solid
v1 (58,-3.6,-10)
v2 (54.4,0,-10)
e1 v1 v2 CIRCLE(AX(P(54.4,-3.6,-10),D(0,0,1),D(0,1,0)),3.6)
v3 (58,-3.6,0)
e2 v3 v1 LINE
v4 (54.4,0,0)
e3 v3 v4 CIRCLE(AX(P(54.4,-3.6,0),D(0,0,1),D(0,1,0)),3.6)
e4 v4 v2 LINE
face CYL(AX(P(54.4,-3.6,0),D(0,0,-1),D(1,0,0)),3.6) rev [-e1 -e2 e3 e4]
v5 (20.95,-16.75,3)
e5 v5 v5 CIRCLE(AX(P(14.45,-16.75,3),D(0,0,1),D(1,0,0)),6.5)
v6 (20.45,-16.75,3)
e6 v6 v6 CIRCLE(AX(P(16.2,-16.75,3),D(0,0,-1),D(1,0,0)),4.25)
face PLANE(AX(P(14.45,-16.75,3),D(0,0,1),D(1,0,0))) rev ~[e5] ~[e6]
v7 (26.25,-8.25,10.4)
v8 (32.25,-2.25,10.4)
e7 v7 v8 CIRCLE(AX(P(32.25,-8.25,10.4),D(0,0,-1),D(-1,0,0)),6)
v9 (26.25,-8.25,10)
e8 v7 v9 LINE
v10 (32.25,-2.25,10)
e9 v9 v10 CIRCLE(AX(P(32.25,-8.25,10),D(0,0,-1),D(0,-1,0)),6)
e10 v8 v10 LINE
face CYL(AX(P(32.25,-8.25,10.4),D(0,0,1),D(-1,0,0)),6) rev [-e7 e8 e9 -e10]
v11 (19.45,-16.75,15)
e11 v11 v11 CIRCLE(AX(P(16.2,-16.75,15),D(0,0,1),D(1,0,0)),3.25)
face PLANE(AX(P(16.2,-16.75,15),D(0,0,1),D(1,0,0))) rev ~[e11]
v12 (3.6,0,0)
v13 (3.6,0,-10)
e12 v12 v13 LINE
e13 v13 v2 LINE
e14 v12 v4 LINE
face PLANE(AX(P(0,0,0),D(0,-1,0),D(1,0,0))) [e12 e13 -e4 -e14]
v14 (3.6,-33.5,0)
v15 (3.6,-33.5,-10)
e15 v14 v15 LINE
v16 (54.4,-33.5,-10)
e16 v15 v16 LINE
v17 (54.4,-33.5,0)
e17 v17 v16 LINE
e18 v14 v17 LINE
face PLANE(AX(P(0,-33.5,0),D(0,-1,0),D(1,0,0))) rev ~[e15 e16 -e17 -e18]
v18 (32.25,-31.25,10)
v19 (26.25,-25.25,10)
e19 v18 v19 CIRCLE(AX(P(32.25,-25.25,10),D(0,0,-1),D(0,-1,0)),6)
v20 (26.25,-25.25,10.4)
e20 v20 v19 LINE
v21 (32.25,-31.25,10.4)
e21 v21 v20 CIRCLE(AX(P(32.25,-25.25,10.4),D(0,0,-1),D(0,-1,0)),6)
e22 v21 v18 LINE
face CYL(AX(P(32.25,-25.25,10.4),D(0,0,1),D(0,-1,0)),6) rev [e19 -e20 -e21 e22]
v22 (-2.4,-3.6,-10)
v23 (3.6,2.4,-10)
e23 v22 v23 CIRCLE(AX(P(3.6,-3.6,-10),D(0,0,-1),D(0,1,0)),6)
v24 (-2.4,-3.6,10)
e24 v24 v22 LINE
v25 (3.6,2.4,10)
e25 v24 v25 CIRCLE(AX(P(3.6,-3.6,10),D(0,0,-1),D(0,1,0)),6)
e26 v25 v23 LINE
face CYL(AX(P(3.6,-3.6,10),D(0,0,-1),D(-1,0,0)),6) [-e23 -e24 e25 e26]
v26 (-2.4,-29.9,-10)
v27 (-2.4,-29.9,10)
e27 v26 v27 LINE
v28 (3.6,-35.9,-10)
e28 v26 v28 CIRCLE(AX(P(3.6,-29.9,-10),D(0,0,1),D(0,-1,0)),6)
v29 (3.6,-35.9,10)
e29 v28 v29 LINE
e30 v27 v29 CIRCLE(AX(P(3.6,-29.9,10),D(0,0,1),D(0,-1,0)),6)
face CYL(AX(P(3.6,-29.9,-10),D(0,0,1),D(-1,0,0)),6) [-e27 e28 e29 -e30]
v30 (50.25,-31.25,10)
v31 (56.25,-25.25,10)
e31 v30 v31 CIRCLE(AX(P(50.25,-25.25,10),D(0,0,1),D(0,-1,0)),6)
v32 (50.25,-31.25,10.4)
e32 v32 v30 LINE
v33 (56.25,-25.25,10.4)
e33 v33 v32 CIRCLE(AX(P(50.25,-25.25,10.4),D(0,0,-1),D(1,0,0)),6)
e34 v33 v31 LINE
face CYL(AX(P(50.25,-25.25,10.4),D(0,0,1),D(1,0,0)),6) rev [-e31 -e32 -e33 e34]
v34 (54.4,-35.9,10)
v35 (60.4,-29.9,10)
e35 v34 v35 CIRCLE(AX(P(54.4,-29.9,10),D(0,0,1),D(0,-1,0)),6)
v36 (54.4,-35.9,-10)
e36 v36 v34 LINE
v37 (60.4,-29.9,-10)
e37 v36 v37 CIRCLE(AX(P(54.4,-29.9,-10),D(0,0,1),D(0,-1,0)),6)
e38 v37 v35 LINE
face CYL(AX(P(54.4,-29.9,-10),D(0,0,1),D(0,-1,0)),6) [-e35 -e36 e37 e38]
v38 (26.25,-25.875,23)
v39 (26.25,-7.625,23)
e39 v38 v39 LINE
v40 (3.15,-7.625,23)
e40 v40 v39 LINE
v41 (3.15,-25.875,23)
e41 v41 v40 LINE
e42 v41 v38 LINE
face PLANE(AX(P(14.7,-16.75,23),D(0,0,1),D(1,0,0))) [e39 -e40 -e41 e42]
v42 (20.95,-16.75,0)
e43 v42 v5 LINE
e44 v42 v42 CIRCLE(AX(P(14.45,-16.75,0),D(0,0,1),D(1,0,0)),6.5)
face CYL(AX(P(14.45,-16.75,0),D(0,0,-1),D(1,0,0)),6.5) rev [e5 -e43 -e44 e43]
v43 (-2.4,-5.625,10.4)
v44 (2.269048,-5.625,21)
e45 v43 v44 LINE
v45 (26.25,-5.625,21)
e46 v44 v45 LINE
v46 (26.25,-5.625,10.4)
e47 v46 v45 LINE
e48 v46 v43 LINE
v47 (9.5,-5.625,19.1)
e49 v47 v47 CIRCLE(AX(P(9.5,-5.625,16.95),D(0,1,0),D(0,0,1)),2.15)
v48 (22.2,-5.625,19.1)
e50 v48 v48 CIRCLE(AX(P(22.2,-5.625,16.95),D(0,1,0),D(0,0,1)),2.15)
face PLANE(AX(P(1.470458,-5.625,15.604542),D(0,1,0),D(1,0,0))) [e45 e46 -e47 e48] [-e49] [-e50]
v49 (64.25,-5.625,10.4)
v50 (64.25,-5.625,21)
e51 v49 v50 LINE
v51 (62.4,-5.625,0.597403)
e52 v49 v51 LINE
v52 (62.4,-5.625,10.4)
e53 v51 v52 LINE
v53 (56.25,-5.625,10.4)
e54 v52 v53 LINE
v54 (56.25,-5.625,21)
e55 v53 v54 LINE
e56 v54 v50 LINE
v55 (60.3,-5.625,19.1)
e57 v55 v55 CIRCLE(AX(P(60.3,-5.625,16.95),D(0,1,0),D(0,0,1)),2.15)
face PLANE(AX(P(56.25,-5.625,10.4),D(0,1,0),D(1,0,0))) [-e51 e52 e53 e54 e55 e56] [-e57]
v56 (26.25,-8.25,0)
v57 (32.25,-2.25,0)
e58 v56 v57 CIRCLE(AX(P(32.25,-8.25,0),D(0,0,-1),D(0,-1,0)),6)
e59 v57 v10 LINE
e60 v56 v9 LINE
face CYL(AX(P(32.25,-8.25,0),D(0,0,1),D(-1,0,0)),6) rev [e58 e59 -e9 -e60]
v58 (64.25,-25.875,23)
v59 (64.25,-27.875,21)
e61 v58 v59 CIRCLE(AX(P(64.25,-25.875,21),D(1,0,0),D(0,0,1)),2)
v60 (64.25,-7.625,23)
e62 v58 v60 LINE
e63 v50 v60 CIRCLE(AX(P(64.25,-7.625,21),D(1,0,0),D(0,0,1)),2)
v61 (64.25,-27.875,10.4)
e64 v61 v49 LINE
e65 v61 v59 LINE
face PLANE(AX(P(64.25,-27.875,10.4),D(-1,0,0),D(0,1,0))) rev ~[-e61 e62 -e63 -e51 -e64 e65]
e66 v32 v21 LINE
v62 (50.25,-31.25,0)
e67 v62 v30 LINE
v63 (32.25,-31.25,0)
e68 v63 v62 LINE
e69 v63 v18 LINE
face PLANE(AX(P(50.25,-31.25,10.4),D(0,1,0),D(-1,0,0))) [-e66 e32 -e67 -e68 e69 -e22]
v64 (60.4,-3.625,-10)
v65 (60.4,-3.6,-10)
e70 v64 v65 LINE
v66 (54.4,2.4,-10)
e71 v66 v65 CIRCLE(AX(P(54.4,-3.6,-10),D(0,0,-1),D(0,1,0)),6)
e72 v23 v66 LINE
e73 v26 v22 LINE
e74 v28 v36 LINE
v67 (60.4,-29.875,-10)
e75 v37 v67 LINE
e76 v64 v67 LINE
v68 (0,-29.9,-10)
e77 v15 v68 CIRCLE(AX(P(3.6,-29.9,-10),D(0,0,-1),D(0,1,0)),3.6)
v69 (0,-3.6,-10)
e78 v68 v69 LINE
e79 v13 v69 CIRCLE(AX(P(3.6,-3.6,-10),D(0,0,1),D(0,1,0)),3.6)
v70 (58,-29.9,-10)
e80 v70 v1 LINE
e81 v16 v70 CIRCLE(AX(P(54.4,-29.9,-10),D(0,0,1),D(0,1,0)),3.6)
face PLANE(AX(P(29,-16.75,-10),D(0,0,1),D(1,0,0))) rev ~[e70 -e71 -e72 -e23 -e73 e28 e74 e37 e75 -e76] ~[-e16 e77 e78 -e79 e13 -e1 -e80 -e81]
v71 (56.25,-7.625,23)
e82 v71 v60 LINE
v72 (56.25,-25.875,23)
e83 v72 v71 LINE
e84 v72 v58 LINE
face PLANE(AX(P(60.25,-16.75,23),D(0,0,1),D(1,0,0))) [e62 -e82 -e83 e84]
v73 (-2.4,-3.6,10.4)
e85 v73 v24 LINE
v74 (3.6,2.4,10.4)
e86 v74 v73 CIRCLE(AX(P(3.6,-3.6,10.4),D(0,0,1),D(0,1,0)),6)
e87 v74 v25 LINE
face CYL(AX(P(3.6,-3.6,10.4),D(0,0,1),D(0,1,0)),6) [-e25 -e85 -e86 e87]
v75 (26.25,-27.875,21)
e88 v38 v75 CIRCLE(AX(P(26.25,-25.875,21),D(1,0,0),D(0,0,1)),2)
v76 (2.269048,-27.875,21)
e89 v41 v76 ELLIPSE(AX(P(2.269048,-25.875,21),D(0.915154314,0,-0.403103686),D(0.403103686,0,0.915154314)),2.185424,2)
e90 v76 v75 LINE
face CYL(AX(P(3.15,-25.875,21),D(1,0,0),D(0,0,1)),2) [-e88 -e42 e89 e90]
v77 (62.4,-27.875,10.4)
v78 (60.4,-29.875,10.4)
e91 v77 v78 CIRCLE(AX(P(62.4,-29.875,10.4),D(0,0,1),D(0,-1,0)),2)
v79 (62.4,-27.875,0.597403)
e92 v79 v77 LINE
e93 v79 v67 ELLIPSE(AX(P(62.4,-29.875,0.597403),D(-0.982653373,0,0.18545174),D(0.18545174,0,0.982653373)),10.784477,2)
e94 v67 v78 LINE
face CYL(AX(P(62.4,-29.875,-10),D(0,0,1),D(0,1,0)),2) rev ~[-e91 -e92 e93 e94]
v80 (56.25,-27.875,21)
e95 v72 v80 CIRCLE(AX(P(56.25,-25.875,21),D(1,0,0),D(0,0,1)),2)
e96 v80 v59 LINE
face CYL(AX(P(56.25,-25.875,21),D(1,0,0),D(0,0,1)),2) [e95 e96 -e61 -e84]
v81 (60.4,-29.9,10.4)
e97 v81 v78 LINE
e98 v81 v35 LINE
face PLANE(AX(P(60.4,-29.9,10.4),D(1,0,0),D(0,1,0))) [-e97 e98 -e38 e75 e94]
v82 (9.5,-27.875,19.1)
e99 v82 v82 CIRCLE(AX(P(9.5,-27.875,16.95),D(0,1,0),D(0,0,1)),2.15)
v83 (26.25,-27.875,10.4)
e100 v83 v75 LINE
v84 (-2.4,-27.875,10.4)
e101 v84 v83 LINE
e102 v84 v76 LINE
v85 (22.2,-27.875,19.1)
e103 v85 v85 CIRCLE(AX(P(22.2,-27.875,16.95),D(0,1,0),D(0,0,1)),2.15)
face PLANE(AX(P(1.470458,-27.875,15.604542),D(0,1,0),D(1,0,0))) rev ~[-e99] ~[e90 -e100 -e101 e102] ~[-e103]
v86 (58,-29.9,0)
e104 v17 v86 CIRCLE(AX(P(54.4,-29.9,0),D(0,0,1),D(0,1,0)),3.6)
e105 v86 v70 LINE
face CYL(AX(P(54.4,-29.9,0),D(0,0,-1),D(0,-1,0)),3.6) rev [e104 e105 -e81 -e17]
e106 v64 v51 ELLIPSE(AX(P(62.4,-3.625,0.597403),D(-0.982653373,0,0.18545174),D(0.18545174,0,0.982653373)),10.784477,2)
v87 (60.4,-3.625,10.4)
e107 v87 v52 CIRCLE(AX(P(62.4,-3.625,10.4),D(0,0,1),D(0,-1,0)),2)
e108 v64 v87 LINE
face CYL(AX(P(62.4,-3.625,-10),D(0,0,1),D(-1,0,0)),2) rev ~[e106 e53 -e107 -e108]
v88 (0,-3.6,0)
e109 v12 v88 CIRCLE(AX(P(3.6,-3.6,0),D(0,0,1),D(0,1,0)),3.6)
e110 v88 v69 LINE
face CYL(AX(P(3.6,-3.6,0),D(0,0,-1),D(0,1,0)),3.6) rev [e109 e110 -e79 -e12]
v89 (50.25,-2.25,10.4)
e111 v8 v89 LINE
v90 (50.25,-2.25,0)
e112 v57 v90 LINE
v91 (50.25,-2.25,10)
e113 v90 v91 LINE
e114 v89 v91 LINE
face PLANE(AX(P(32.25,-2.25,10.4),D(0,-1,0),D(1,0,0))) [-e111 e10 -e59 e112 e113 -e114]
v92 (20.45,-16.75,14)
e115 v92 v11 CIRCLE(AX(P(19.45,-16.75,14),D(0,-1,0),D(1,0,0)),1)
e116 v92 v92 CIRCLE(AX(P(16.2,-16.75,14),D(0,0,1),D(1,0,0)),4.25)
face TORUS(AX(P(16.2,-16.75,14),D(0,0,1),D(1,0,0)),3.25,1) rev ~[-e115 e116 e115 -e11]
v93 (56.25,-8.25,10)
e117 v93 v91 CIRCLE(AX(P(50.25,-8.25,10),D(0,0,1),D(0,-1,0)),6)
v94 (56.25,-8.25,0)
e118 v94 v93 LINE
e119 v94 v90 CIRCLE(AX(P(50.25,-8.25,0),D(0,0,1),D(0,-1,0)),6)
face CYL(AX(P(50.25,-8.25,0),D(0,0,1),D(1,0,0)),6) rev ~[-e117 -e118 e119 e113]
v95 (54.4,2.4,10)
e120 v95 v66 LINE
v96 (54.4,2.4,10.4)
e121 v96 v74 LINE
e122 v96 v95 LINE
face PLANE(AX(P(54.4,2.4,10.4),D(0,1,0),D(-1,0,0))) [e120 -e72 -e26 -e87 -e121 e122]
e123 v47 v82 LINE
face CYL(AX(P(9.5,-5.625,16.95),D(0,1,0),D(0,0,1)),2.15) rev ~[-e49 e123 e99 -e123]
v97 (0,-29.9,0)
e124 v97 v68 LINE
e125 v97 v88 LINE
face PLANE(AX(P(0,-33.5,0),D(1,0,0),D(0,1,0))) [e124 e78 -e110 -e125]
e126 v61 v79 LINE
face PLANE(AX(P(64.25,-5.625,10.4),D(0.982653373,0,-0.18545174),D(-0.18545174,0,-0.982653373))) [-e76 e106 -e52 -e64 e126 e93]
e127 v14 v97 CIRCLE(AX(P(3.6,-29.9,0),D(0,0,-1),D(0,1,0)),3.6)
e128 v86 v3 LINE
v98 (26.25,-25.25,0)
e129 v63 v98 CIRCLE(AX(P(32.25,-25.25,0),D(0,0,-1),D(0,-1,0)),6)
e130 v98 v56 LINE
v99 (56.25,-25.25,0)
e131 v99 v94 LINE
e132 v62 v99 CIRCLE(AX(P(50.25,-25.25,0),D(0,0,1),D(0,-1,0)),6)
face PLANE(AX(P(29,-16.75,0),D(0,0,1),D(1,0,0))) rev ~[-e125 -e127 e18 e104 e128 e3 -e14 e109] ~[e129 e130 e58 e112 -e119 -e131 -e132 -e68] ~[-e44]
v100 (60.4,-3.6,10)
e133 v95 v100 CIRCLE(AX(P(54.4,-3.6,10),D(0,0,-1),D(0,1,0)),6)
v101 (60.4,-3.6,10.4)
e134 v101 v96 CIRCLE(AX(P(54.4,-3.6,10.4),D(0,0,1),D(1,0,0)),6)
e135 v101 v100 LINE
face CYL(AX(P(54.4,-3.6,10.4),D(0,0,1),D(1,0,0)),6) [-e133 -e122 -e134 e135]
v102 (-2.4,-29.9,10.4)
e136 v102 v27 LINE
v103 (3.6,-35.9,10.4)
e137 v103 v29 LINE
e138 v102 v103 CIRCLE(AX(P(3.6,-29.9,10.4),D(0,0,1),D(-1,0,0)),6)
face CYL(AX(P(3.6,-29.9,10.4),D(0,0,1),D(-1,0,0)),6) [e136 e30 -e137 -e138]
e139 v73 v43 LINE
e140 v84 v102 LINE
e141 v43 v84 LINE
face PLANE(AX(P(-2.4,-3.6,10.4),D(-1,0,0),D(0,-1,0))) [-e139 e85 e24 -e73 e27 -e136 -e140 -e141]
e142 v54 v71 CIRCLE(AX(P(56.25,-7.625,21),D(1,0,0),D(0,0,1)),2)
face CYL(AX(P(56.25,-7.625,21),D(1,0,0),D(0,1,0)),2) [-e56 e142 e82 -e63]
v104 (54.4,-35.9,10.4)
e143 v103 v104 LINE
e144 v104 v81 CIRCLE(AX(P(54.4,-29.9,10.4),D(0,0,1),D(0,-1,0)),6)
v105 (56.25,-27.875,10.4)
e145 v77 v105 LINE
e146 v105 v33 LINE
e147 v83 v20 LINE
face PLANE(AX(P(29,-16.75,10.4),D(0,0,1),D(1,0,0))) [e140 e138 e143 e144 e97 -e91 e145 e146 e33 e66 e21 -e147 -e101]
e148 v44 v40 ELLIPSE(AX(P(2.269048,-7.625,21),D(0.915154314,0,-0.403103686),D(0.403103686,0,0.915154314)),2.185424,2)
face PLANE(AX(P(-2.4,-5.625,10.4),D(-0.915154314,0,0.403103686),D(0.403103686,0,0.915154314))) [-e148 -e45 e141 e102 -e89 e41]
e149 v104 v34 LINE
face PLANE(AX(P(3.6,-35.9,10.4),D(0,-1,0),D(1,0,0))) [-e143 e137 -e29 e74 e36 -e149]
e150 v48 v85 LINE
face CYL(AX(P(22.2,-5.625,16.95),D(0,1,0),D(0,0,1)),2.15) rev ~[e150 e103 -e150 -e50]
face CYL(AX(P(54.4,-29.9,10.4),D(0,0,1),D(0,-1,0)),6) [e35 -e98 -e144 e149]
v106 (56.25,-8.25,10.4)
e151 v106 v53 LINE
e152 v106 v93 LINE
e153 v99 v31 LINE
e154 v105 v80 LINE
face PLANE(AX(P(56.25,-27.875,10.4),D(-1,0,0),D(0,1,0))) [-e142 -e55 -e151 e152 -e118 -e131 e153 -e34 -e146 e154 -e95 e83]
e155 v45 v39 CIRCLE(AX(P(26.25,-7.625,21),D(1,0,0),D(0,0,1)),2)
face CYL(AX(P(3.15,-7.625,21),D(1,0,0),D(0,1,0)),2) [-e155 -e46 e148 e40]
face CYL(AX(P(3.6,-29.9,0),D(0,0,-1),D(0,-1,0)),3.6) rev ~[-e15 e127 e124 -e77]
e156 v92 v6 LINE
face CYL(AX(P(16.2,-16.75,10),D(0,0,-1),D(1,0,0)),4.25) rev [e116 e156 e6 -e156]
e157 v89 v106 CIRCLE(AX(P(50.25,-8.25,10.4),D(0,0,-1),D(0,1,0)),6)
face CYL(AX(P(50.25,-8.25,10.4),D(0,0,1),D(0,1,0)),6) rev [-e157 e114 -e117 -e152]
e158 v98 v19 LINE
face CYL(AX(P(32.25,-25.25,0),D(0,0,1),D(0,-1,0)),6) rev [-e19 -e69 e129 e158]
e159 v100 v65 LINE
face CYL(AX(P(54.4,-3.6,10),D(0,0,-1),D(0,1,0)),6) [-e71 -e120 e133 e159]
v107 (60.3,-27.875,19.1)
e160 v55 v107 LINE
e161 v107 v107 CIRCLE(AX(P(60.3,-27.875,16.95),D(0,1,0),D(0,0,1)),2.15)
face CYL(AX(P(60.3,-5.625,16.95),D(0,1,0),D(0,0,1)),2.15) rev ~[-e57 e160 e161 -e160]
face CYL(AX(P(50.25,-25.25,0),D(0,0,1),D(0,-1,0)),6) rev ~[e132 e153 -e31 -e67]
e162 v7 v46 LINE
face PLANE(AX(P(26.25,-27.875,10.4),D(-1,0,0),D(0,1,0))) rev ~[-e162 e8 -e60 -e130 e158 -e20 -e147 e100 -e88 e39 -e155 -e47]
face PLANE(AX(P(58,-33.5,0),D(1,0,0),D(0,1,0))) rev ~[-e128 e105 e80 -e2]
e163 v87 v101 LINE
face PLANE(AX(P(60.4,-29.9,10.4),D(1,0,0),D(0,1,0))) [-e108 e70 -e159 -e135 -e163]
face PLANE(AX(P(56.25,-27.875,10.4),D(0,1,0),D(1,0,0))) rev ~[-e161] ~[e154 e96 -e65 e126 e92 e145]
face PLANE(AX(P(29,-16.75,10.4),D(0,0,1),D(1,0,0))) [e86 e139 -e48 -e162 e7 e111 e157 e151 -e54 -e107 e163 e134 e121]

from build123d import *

# Parameters (mm, degrees)
SKETCH2_W           = 62.8
SKETCH2_H           = 38.3
SKETCH2_R           = 4.25
SKETCH2_W_2         = 30
SKETCH2_H_2         = 29
BOSS_EXTRUDE1_DEPTH = 10
SKETCH2_3_W         = 62.8
SKETCH2_3_H         = 38.3
SKETCH2_3_W_2       = 58
SKETCH2_3_H_2       = 33.5
BOSS_EXTRUDE2_DEPTH = 10
SKETCH2_4_R         = 6.5
CUT_EXTRUDE1_DEPTH  = 3
FILLET1_R           = 3.6
FILLET2_R           = 6
BOSS_EXTRUDE3_START = 0.4
SKETCH4_R           = 4.25
BOSS_EXTRUDE3_DEPTH = 0.4
SKETCH5_W           = 23.1
SKETCH5_H           = 22.25
SKETCH5_W_2         = 8
BOSS_EXTRUDE4_DEPTH = 12.6
SKETCH6_R           = 2.15
CUT_EXTRUDE2_DEPTH  = 22.25
BOSS_EXTRUDE6_DEPTH = 22.25
FILLET5_R           = 2
FILLET6_R           = 2
SKETCH4_2_R         = 4.25
CUT_EXTRUDE3_DEPTH  = 5
FILLET7_R           = 1


with BuildPart() as part:
    # Sketch2 → Boss-Extrude1 (new body)
    with BuildSketch(Plane.XY):
        with Locations((29, -16.75)):
            Rectangle(SKETCH2_W, SKETCH2_H)
        with Locations((16.2, -16.75)):
            Circle(SKETCH2_R, mode=Mode.SUBTRACT)
        with Locations((41.25, -16.75)):
            Rectangle(SKETCH2_W_2, SKETCH2_H_2, mode=Mode.SUBTRACT)
    extrude(amount=BOSS_EXTRUDE1_DEPTH)

    # Sketch2<3> → Boss-Extrude2 (add)
    with BuildSketch(Plane.XY):
        with Locations((29, -16.75)):
            Rectangle(SKETCH2_3_W, SKETCH2_3_H)
        with Locations((29, -16.75)):
            Rectangle(SKETCH2_3_W_2, SKETCH2_3_H_2, mode=Mode.SUBTRACT)
    extrude(amount=-BOSS_EXTRUDE2_DEPTH)

    # Sketch2<4> → Cut-Extrude1 (cut)
    with BuildSketch(Plane.XY):
        with Locations((14.45, -16.75)):
            Circle(SKETCH2_4_R)
    extrude(amount=CUT_EXTRUDE1_DEPTH, mode=Mode.SUBTRACT)

    # Fillet1
    fillet1_edges = [part.edges().sort_by_distance(p)[0] for p in [
        (58, 0, -5),
        (0, 0, -5),
        (0, -33.5, -5),
        (58, -33.5, -5),
    ]]
    fillet(fillet1_edges, radius=FILLET1_R)

    # Fillet2
    fillet2_edges = [part.edges().sort_by_distance(p)[0] for p in [
        (26.25, -2.25, 5),
        (26.25, -31.25, 5),
        (56.25, -31.25, 5),
        (56.25, -2.25, 5),
        (60.4, -35.9, 0),
        (-2.4, -35.9, 0),
        (-2.4, 2.4, 0),
        (60.4, 2.4, 0),
    ]]
    fillet(fillet2_edges, radius=FILLET2_R)

    # Sketch4 → Boss-Extrude3 (add)
    with BuildSketch(Plane.XY.offset(10).offset(BOSS_EXTRUDE3_START)):
        with BuildLine():
            Line((3.6, -35.9), (54.4, -35.9))
            ThreePointArc((54.4, -35.9), (58.642640687, -34.142640687), (60.4, -29.9))
            Line((60.4, -29.9), (60.4, -3.6))
            ThreePointArc((60.4, -3.6), (58.642640687, 0.642640687), (54.4, 2.4))
            Line((54.4, 2.4), (3.6, 2.4))
            ThreePointArc((3.6, 2.4), (-0.642640687, 0.642640687), (-2.4, -3.6))
            Line((-2.4, -3.6), (-2.4, -29.9))
            ThreePointArc((-2.4, -29.9), (-0.642640687, -34.142640687), (3.6, -35.9))
        make_face()
        with Locations((16.2, -16.75)):
            Circle(SKETCH4_R, mode=Mode.SUBTRACT)
        with BuildLine():
            Line((56.25, -8.25), (56.25, -25.25))
            ThreePointArc((56.25, -25.25), (54.492640687, -29.492640687), (50.25, -31.25))
            Line((50.25, -31.25), (32.25, -31.25))
            ThreePointArc((32.25, -31.25), (28.007359313, -29.492640687), (26.25, -25.25))
            Line((26.25, -25.25), (26.25, -8.25))
            ThreePointArc((26.25, -8.25), (28.007359313, -4.007359313), (32.25, -2.25))
            Line((32.25, -2.25), (50.25, -2.25))
            ThreePointArc((50.25, -2.25), (54.492640687, -4.007359313), (56.25, -8.25))
        make_face(mode=Mode.SUBTRACT)
    extrude(amount=-BOSS_EXTRUDE3_DEPTH)

    # Sketch5 → Boss-Extrude4 (add)
    with BuildSketch(Plane.XY.offset(10.4)):
        with Locations((14.7, -16.75)):
            Rectangle(SKETCH5_W, SKETCH5_H)
        with Locations((60.25, -16.75)):
            Rectangle(SKETCH5_W_2, SKETCH5_H)
    extrude(amount=BOSS_EXTRUDE4_DEPTH)

    # Sketch6 → Cut-Extrude2 (cut)
    with BuildSketch(Plane(origin=(0, -5.625, 0), x_dir=(1, 0, 0), z_dir=(0, 1, 0))):
        with Locations(Location((9.5, -16.95, 0), (0, 0, 270))):
            Circle(SKETCH6_R)
        with Locations(Location((22.2, -16.95, 0), (0, 0, 270))):
            Circle(SKETCH6_R)
        with Locations(Location((60.3, -16.95, 0), (0, 0, 270))):
            Circle(SKETCH6_R)
    extrude(amount=-CUT_EXTRUDE2_DEPTH, mode=Mode.SUBTRACT)

    # Sketch7 → Boss-Extrude6 (add)
    with BuildSketch(Plane(origin=(0, -5.625, 0), x_dir=(1, 0, 0), z_dir=(0, 1, 0))):
        Polygon((-2.4, -10.4), (3.15, -23), (3.15, -10.4), align=None)
        Polygon((60.4, -10.4), (64.25, -10.4), (60.4, 10), align=None)
    extrude(amount=-BOSS_EXTRUDE6_DEPTH)

    # Fillet5
    fillet5_edges = [part.edges().sort_by_distance(p)[0] for p in [
        (60.4, -27.875, 0.2),
        (60.4, -5.625, 0.2),
    ]]
    fillet(fillet5_edges, radius=FILLET5_R)

    # Fillet6
    fillet6_edges = [part.edges().sort_by_distance(p)[0] for p in [
        (60.25, -5.625, 23),
        (60.25, -27.875, 23),
        (14.7, -5.625, 23),
        (14.7, -27.875, 23),
    ]]
    fillet(fillet6_edges, radius=FILLET6_R)

    # Sketch4<2> → Cut-Extrude3 (cut)
    with BuildSketch(Plane.XY.offset(10)):
        with Locations((16.2, -16.75)):
            Circle(SKETCH4_2_R)
    extrude(amount=CUT_EXTRUDE3_DEPTH, mode=Mode.SUBTRACT)

    # Fillet7
    fillet7_edges = [part.edges().sort_by_distance(p)[0] for p in [
        (11.95, -16.75, 15),
    ]]
    fillet(fillet7_edges, radius=FILLET7_R)


solid = part.part
